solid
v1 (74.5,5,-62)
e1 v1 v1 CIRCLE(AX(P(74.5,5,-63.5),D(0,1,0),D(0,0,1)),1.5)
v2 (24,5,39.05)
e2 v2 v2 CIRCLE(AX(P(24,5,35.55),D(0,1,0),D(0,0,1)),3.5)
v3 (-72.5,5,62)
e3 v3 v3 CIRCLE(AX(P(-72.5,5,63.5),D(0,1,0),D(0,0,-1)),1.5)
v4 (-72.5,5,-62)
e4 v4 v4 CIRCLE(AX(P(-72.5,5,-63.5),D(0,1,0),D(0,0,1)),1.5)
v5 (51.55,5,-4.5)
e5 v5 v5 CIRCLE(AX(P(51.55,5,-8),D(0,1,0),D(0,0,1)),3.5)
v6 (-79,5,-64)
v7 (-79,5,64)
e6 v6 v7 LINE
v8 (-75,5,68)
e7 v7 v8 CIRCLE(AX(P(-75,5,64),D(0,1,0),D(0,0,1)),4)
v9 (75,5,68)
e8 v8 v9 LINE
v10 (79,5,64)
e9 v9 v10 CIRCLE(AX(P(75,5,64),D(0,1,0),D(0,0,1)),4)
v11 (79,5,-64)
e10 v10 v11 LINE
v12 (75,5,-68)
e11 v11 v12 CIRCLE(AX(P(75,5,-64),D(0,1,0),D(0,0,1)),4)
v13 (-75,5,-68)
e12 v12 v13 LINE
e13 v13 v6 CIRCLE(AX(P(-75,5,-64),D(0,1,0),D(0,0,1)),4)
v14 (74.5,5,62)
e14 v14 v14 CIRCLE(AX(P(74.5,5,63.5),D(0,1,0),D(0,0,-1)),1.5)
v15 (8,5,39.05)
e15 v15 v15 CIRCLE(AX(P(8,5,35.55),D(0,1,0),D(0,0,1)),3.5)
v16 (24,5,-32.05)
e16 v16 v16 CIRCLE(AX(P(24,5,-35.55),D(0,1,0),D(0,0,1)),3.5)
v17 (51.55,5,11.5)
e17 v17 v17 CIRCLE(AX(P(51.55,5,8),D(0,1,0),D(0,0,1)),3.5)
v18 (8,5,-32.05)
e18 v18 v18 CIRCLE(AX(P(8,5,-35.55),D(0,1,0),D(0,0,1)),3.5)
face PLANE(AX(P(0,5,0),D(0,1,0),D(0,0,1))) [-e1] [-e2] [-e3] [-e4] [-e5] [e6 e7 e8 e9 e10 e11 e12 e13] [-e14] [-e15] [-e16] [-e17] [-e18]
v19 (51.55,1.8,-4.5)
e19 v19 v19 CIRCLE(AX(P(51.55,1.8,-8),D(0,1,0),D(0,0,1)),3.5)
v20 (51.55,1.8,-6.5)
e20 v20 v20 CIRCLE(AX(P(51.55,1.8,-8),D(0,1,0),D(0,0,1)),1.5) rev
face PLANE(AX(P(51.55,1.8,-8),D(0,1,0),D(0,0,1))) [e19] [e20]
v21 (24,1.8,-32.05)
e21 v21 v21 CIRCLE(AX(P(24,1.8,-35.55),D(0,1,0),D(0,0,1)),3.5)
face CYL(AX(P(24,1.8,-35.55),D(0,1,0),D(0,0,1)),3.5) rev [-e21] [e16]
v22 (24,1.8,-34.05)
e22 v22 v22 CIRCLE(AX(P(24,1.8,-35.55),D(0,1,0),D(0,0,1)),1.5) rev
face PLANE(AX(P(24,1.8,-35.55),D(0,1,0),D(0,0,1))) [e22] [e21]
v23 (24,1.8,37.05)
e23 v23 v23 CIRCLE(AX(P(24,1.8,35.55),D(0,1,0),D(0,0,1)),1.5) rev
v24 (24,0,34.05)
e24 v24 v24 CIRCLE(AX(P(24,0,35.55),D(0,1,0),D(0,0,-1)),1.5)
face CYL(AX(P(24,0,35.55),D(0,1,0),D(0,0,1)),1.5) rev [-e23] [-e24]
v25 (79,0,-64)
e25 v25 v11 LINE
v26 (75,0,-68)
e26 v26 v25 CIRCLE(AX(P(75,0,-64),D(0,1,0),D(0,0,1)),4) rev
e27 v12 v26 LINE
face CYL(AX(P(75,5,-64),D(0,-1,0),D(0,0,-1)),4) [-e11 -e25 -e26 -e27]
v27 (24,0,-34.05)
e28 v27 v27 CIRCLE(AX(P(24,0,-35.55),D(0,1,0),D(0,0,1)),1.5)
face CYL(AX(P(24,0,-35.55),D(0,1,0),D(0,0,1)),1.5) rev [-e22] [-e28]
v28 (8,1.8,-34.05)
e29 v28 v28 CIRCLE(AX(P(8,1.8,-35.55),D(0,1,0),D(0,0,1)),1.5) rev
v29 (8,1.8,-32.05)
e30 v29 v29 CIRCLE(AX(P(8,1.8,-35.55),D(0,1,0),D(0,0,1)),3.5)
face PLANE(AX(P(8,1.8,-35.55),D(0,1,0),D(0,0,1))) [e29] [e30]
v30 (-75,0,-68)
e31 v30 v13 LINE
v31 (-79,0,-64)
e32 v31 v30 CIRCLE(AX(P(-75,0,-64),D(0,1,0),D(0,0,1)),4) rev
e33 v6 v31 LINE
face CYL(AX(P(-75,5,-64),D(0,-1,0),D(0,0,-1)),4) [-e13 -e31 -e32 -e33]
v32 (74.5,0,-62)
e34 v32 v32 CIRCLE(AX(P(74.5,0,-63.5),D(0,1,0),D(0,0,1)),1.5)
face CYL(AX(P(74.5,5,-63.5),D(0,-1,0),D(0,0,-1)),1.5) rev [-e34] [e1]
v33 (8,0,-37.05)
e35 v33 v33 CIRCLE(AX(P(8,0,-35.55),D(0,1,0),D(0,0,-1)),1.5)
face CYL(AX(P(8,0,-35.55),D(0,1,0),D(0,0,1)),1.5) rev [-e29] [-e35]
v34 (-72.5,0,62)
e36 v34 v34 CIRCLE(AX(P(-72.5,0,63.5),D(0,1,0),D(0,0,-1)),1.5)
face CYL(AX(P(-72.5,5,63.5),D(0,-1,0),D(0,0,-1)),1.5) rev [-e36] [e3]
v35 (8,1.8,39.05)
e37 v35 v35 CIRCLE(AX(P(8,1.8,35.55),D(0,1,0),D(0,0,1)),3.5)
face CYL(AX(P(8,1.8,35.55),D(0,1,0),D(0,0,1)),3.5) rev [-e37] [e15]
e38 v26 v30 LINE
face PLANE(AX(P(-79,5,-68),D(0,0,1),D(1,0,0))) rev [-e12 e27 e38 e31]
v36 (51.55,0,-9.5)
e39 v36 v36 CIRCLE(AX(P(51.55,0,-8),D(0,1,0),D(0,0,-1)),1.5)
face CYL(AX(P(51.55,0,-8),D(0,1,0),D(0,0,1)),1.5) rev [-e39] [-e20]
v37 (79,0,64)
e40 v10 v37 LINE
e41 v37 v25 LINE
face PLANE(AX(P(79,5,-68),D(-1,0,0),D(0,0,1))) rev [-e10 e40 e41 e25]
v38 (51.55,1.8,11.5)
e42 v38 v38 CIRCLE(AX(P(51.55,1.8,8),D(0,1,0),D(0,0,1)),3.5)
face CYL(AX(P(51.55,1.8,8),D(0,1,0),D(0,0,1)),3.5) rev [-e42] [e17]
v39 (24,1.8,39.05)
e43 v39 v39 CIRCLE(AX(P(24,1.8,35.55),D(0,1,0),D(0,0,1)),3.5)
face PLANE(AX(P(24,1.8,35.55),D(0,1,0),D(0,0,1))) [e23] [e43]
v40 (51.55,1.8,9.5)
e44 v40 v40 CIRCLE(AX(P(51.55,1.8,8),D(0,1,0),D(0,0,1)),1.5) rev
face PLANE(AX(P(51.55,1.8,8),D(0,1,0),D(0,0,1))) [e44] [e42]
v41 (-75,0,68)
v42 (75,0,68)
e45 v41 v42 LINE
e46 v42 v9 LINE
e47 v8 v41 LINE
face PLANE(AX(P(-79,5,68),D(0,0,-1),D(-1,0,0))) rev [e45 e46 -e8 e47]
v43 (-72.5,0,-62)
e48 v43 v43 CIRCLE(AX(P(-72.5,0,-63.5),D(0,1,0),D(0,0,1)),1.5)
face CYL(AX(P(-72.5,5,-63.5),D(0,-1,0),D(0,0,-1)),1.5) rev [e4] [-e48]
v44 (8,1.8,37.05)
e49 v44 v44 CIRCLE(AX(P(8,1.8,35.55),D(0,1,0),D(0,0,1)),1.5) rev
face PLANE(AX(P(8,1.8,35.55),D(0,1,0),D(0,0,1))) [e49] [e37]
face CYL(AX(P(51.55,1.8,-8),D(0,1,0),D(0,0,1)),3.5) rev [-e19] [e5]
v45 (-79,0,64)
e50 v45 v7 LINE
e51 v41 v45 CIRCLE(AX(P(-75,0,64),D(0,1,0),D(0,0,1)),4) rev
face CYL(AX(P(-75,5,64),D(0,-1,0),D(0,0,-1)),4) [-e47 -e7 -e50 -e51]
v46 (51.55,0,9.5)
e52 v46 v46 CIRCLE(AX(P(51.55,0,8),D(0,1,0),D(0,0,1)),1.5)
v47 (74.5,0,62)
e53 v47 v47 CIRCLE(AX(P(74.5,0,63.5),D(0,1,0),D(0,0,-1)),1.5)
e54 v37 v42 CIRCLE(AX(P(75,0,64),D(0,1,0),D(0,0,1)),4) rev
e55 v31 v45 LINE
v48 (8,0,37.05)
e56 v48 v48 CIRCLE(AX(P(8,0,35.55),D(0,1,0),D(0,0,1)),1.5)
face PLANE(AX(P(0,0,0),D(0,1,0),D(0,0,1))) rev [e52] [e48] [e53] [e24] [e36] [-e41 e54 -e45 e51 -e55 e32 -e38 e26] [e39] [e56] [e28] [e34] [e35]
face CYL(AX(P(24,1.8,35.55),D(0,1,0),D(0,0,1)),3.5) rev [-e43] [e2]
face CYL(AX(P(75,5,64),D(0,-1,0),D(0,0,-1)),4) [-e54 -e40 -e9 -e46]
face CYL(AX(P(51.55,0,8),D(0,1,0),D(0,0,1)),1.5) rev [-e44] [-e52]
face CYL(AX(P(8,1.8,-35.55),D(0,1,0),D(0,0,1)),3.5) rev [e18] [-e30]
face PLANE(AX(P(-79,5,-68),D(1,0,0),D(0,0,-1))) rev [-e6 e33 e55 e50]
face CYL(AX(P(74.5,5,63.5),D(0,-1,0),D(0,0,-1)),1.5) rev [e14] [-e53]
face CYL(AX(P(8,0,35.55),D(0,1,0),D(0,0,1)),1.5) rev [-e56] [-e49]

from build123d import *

# Parameters (mm, degrees)
SKETCH8_W           = 158
SKETCH8_H           = 136
SKETCH8_R           = 1.5
BOSS_EXTRUDE4_DEPTH = 5
FILLET2_R           = 4
SKETCH10_R          = 1.5
CUT_EXTRUDE5_DEPTH  = 5
SKETCH11_R          = 3.5
CUT_EXTRUDE6_DEPTH  = 3.2


with BuildPart() as part:
    # Sketch8 → Boss-Extrude4 (new body)
    with BuildSketch(Plane(origin=(0, 0, 0), x_dir=(1, 0, 0), z_dir=(0, 1, 0))):
        Rectangle(SKETCH8_W, SKETCH8_H)
        with Locations(Location((74.5, 63.5, 0), (0, 0, 270))):
            Circle(SKETCH8_R, mode=Mode.SUBTRACT)
        with Locations(Location((-72.5, 63.5, 0), (0, 0, 270))):
            Circle(SKETCH8_R, mode=Mode.SUBTRACT)
        with Locations(Location((-72.5, -63.5, 0), (0, 0, 90))):
            Circle(SKETCH8_R, mode=Mode.SUBTRACT)
        with Locations(Location((74.5, -63.5, 0), (0, 0, 90))):
            Circle(SKETCH8_R, mode=Mode.SUBTRACT)
    extrude(amount=BOSS_EXTRUDE4_DEPTH)

    # Fillet2
    fillet2_edges = [part.edges().sort_by_distance(p)[0] for p in [
        (79, 2.5, 68),
        (-79, 2.5, 68),
        (-79, 2.5, -68),
        (79, 2.5, -68),
    ]]
    fillet(fillet2_edges, radius=FILLET2_R)

    # Sketch10 → Cut-Extrude5 (cut)
    with BuildSketch(Plane(origin=(0, 5, 0), x_dir=(1, 0, 0), z_dir=(0, 1, 0))):
        with Locations(Location((24, 35.55, 0), (0, 0, 270))):
            Circle(SKETCH10_R)
        with Locations(Location((24, -35.55, 0), (0, 0, 90))):
            Circle(SKETCH10_R)
        with Locations(Location((8, -35.55, 0), (0, 0, 270))):
            Circle(SKETCH10_R)
        with Locations(Location((8, 35.55, 0), (0, 0, 90))):
            Circle(SKETCH10_R)
        with Locations(Location((51.55, -8, 0), (0, 0, 270))):
            Circle(SKETCH10_R)
        with Locations(Location((51.55, 8, 0), (0, 0, 90))):
            Circle(SKETCH10_R)
    extrude(amount=-CUT_EXTRUDE5_DEPTH, mode=Mode.SUBTRACT)

    # Sketch11 → Cut-Extrude6 (cut)
    with BuildSketch(Plane(origin=(0, 5, 0), x_dir=(1, 0, 0), z_dir=(0, 1, 0))):
        with Locations(Location((24, 35.55, 0), (0, 0, 270))):
            Circle(SKETCH11_R)
        with Locations(Location((8, 35.55, 0), (0, 0, 270))):
            Circle(SKETCH11_R)
        with Locations(Location((51.55, 8, 0), (0, 0, 270))):
            Circle(SKETCH11_R)
        with Locations(Location((51.55, -8, 0), (0, 0, 270))):
            Circle(SKETCH11_R)
        with Locations(Location((24, -35.55, 0), (0, 0, 270))):
            Circle(SKETCH11_R)
        with Locations(Location((8, -35.55, 0), (0, 0, 270))):
            Circle(SKETCH11_R)
    extrude(amount=-CUT_EXTRUDE6_DEPTH, mode=Mode.SUBTRACT)


solid = part.part
